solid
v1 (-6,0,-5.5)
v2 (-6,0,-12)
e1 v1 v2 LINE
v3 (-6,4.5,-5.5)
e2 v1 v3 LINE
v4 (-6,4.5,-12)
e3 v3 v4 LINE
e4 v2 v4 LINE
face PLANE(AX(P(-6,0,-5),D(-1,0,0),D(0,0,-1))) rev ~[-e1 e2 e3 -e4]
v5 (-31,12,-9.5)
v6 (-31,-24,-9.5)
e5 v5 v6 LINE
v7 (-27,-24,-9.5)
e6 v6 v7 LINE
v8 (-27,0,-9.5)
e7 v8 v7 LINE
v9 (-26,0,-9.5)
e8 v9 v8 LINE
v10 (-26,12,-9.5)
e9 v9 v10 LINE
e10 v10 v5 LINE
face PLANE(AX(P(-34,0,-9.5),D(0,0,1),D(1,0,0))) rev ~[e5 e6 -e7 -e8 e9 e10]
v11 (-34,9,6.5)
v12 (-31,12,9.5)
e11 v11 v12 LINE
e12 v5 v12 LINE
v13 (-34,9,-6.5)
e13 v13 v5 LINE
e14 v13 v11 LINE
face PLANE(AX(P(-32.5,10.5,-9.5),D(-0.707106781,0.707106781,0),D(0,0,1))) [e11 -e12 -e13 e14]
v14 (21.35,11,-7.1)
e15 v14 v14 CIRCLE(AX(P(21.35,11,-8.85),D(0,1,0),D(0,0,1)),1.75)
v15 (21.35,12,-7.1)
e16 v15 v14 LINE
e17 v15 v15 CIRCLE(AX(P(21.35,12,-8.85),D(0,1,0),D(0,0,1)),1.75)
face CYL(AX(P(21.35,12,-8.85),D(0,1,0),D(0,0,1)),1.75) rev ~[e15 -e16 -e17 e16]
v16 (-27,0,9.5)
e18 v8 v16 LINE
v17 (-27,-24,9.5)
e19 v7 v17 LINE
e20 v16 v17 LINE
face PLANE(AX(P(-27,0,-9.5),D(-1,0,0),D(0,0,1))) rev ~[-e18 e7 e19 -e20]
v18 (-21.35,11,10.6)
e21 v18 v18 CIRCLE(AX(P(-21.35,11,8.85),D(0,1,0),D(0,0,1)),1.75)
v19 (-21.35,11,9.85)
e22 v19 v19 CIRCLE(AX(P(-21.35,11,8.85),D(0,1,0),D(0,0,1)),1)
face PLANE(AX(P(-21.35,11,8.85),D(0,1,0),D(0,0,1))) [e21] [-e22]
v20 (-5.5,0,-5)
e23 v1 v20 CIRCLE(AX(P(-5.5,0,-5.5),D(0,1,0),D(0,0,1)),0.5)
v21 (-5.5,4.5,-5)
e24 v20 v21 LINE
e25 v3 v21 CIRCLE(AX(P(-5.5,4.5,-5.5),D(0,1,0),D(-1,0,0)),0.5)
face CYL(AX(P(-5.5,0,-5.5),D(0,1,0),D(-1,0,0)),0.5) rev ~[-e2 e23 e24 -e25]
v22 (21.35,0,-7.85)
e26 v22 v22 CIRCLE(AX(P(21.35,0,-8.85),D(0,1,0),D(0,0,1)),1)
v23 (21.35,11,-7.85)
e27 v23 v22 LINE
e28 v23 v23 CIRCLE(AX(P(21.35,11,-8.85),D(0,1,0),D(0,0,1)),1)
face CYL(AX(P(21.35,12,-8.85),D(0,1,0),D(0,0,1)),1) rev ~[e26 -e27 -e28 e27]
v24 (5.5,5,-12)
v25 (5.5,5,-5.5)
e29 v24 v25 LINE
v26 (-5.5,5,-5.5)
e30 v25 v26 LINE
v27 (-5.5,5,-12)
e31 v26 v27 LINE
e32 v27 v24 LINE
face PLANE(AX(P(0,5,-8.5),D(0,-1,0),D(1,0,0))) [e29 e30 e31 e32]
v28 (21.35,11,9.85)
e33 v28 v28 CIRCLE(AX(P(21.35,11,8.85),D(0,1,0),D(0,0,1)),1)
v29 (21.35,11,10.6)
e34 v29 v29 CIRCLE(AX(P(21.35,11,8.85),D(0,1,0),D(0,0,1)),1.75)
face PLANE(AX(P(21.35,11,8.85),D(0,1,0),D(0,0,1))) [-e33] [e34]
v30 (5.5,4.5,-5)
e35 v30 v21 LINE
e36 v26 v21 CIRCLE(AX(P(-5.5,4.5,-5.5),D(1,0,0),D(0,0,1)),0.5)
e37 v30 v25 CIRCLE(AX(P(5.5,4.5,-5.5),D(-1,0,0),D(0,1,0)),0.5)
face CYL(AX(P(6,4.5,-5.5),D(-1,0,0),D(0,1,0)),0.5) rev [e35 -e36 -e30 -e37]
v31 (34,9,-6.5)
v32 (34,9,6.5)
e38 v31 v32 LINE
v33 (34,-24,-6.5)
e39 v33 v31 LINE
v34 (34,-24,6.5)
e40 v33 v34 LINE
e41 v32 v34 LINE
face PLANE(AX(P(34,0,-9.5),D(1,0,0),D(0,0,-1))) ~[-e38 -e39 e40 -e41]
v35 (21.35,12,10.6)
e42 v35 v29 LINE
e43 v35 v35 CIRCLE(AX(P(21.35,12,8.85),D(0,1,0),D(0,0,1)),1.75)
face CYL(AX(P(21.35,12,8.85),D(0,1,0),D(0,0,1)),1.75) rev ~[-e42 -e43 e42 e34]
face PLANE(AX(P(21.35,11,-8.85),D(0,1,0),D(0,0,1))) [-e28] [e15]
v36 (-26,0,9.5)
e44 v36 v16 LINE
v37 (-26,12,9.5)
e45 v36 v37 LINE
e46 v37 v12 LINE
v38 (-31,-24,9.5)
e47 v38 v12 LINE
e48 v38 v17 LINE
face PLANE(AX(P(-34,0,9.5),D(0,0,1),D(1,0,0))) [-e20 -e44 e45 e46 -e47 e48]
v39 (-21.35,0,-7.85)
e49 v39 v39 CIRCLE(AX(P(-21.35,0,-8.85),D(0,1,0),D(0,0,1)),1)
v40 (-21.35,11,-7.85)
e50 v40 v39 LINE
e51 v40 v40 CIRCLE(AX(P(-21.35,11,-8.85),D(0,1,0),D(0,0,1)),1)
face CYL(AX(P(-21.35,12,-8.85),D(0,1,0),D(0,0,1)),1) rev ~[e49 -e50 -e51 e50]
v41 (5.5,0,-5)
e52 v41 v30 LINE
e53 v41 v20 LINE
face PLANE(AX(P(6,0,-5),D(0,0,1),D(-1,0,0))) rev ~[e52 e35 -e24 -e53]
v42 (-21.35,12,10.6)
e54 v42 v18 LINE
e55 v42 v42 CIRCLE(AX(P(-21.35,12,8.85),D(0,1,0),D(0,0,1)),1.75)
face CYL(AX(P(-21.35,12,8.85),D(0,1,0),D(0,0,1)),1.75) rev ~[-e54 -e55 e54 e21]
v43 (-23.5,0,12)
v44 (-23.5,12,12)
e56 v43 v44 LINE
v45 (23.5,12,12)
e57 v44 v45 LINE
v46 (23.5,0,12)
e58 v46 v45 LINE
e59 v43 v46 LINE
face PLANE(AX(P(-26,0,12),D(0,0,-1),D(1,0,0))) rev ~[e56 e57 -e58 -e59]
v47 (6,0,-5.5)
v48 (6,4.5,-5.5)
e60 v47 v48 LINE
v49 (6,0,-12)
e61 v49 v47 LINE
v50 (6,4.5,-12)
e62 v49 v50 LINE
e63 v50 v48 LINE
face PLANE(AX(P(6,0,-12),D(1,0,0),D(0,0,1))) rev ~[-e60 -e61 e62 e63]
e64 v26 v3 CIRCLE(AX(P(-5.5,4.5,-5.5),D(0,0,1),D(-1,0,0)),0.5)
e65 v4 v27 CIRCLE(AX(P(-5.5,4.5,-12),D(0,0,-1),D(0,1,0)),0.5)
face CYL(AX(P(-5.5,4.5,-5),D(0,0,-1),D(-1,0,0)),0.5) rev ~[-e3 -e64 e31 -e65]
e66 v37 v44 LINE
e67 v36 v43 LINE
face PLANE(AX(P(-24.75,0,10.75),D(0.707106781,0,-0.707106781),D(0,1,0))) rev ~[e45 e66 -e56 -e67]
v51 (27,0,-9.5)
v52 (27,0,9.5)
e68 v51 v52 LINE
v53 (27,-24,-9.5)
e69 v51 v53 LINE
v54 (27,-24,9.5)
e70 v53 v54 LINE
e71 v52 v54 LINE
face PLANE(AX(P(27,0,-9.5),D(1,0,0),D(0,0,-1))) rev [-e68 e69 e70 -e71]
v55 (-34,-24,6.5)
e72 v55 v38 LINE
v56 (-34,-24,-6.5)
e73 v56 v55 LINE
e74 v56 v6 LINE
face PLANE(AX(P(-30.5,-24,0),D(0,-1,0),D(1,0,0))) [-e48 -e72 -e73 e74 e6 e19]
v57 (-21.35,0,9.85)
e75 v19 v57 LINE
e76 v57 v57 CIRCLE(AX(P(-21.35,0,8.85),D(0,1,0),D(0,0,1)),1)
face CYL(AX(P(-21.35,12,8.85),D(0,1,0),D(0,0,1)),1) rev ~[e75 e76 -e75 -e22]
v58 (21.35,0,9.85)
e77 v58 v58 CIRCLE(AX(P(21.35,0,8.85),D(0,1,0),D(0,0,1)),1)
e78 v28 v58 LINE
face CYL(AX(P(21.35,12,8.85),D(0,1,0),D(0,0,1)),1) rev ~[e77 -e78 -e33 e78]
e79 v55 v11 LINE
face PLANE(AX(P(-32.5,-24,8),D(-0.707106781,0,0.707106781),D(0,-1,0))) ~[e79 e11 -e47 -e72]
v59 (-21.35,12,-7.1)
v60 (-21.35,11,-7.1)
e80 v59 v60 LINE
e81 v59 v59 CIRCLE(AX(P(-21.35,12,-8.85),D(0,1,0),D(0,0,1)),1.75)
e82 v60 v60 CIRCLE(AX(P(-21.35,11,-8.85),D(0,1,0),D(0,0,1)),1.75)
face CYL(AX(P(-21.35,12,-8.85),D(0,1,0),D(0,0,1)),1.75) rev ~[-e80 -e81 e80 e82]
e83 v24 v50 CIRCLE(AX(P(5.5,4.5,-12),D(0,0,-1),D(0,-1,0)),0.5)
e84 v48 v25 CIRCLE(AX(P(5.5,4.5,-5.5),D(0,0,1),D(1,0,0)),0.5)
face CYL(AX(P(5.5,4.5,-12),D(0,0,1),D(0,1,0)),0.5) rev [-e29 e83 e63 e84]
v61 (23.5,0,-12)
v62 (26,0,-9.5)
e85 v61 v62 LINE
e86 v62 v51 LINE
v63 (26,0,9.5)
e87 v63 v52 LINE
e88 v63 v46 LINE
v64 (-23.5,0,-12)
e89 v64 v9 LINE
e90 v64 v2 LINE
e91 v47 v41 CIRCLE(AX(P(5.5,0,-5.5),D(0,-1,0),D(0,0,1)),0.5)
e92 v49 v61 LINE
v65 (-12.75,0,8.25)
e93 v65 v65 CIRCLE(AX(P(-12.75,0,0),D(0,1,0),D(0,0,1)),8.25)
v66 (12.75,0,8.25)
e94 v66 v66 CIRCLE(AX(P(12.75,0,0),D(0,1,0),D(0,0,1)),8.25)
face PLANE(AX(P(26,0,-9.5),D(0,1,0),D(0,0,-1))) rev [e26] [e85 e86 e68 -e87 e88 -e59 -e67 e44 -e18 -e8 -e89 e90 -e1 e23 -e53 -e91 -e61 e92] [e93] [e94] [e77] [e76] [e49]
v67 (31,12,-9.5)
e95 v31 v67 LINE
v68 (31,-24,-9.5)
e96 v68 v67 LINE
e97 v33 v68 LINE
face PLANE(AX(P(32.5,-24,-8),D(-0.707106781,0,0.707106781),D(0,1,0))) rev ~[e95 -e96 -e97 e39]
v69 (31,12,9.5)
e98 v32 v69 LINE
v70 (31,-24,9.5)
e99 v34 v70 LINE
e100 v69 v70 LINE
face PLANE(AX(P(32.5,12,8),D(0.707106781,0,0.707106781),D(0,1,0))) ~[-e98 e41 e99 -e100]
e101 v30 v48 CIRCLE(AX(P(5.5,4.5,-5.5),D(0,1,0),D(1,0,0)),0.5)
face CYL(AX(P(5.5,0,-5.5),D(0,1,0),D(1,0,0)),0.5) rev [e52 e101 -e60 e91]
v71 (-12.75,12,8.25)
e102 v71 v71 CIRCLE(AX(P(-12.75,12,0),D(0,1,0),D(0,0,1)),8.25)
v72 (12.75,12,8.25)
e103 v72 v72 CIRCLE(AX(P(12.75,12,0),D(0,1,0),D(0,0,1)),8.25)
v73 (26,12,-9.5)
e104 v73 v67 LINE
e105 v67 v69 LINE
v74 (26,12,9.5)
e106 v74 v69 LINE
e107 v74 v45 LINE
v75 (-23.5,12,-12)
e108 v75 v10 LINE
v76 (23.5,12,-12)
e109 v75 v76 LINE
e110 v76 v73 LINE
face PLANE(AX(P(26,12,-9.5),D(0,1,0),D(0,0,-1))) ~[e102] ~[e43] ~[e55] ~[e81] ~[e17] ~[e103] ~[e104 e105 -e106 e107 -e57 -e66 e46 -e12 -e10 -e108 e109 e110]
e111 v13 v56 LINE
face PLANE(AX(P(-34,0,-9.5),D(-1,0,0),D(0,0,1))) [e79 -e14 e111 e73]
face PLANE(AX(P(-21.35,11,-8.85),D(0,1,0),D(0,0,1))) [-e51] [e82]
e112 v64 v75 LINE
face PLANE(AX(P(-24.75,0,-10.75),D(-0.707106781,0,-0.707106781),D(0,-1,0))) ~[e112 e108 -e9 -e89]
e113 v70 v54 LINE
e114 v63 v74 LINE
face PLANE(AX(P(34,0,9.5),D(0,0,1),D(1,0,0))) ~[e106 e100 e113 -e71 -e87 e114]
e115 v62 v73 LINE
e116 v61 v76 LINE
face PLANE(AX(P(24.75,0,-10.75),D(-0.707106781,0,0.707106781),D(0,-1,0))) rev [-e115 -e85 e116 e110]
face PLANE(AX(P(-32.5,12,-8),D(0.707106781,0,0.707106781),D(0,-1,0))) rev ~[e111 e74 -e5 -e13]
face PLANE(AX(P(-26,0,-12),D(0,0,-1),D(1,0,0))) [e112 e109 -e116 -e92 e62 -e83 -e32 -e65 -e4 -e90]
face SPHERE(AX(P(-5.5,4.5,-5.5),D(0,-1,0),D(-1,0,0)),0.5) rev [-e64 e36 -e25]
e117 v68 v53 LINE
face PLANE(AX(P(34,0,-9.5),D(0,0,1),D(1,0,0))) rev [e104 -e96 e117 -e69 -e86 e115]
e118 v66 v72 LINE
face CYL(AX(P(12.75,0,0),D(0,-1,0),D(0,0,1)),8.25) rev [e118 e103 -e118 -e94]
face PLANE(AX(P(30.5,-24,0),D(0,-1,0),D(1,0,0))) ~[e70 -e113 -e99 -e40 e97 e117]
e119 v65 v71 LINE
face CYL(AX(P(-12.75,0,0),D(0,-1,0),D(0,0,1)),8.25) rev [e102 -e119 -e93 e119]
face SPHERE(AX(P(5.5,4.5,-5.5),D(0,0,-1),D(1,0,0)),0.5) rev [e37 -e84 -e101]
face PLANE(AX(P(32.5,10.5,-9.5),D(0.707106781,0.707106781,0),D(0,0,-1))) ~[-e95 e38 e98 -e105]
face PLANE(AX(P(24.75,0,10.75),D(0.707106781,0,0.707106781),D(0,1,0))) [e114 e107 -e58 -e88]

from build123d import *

# Parameters (mm, degrees)
SKETCH1_W                = 52
SKETCH1_H                = 24
SKETCH1_R                = 8.25
BOSS_EXTRUDE1_DEPTH      = 12
SKETCH2_R                = 1
CUT_EXTRUDE1_DEPTH       = 32.048349393
SKETCH3_R                = 1.75
CUT_EXTRUDE2_DEPTH       = 1
CUT_EXTRUDE3_DEPTH       = 5
FILLET3_R                = 0.5
CHAMFER1_SIZE            = 2.5
SKETCH5_W                = 19
SKETCH5_H                = 12
BOSS_EXTRUDE2_DEPTH      = 8
SKETCH6_W                = 7
SKETCH6_H                = 19
BOSS_EXTRUDE3_DEPTH      = 24
CHAMFER2_SIZE            = 3
CHAMFER2_OF_MIRROR1_SIZE = 3


with BuildPart() as part:
    # Sketch1 → Boss-Extrude1 (new body)
    with BuildSketch(Plane(origin=(0, 0, 0), x_dir=(1, 0, 0), z_dir=(0, 1, 0))):
        Rectangle(SKETCH1_W, SKETCH1_H)
        with Locations(Location((12.75, 0, 0), (0, 0, 270))):
            Circle(SKETCH1_R, mode=Mode.SUBTRACT)
        with Locations(Location((-12.75, 0, 0), (0, 0, 270))):
            Circle(SKETCH1_R, mode=Mode.SUBTRACT)
    extrude(amount=BOSS_EXTRUDE1_DEPTH)

    # Sketch2 → Cut-Extrude1 (cut, through all)
    with BuildSketch(Plane(origin=(0, 12, 0), x_dir=(1, 0, 0), z_dir=(0, 1, 0))):
        with Locations(Location((-21.35, 8.85, 0), (0, 0, 270))):
            Circle(SKETCH2_R)
        with Locations(Location((21.35, 8.85, 0), (0, 0, 270))):
            Circle(SKETCH2_R)
        with Locations(Location((21.35, -8.85, 0), (0, 0, 270))):
            Circle(SKETCH2_R)
        with Locations(Location((-21.35, -8.85, 0), (0, 0, 270))):
            Circle(SKETCH2_R)
    extrude(amount=-CUT_EXTRUDE1_DEPTH, mode=Mode.SUBTRACT)

    # Sketch3 → Cut-Extrude2 (cut)
    with BuildSketch(Plane(origin=(0, 12, 0), x_dir=(1, 0, 0), z_dir=(0, 1, 0))):
        with Locations(Location((-21.35, 8.85, 0), (0, 0, 270))):
            Circle(SKETCH3_R)
        with Locations(Location((21.35, 8.85, 0), (0, 0, 270))):
            Circle(SKETCH3_R)
        with Locations(Location((21.35, -8.85, 0), (0, 0, 270))):
            Circle(SKETCH3_R)
        with Locations(Location((-21.35, -8.85, 0), (0, 0, 270))):
            Circle(SKETCH3_R)
    extrude(amount=-CUT_EXTRUDE2_DEPTH, mode=Mode.SUBTRACT)

    # Sketch4 → Cut-Extrude3 (cut)
    with BuildSketch(Plane.XZ):
        Polygon((-6, -5), (-6, -12), (6, -12), (6, -5), (0, -5), align=None)
    extrude(amount=-CUT_EXTRUDE3_DEPTH, mode=Mode.SUBTRACT)

    # Fillet3
    fillet3_edges = [part.edges().sort_by_distance(p)[0] for p in [
        (-6, 2.5, -5),
        (6, 5, -8.5),
        (6, 2.5, -5),
        (-6, 5, -8.5),
        (0, 5, -5),
    ]]
    fillet(fillet3_edges, radius=FILLET3_R)

    # Chamfer1
    chamfer1_edges = [part.edges().sort_by_distance(p)[0] for p in [
        (26, 6, 12),
        (-26, 6, 12),
        (-26, 6, -12),
        (26, 6, -12),
    ]]
    chamfer(chamfer1_edges, length=CHAMFER1_SIZE)

    # Sketch5 → Boss-Extrude2 (add)
    with BuildSketch(Plane.ZY.offset(26)):
        with Locations((0, 6)):
            Rectangle(SKETCH5_W, SKETCH5_H)
    boss_extrude2 = extrude(amount=BOSS_EXTRUDE2_DEPTH)

    # Sketch6 → Boss-Extrude3 (add)
    with BuildSketch(Plane.XZ):
        with Locations((-30.5, 0)):
            Rectangle(SKETCH6_W, SKETCH6_H)
    boss_extrude3 = extrude(amount=BOSS_EXTRUDE3_DEPTH)

    # Chamfer2
    chamfer2_edges = [part.edges().sort_by_distance(p)[0] for p in [
        (-34, -6, 9.5),
        (-34, 12, 0),
        (-34, -6, -9.5),
    ]]
    chamfer(chamfer2_edges, length=CHAMFER2_SIZE)

    # Mirror1: Boss-Extrude2, Boss-Extrude3 across plane
    add(boss_extrude2.mirror(Plane(origin=(0, 0, 0), x_dir=(0, 0, 1), z_dir=(1, 0, 0))))
    add(boss_extrude3.mirror(Plane(origin=(0, 0, 0), x_dir=(0, 0, 1), z_dir=(1, 0, 0))))

    # Chamfer2 of Mirror1
    chamfer2_of_mirror1_edges = [part.edges().sort_by_distance(p)[0] for p in [
        (34, -6, 9.5),
        (34, 12, 0),
        (34, -6, -9.5),
    ]]
    chamfer(chamfer2_of_mirror1_edges, length=CHAMFER2_OF_MIRROR1_SIZE)


solid = part.part
